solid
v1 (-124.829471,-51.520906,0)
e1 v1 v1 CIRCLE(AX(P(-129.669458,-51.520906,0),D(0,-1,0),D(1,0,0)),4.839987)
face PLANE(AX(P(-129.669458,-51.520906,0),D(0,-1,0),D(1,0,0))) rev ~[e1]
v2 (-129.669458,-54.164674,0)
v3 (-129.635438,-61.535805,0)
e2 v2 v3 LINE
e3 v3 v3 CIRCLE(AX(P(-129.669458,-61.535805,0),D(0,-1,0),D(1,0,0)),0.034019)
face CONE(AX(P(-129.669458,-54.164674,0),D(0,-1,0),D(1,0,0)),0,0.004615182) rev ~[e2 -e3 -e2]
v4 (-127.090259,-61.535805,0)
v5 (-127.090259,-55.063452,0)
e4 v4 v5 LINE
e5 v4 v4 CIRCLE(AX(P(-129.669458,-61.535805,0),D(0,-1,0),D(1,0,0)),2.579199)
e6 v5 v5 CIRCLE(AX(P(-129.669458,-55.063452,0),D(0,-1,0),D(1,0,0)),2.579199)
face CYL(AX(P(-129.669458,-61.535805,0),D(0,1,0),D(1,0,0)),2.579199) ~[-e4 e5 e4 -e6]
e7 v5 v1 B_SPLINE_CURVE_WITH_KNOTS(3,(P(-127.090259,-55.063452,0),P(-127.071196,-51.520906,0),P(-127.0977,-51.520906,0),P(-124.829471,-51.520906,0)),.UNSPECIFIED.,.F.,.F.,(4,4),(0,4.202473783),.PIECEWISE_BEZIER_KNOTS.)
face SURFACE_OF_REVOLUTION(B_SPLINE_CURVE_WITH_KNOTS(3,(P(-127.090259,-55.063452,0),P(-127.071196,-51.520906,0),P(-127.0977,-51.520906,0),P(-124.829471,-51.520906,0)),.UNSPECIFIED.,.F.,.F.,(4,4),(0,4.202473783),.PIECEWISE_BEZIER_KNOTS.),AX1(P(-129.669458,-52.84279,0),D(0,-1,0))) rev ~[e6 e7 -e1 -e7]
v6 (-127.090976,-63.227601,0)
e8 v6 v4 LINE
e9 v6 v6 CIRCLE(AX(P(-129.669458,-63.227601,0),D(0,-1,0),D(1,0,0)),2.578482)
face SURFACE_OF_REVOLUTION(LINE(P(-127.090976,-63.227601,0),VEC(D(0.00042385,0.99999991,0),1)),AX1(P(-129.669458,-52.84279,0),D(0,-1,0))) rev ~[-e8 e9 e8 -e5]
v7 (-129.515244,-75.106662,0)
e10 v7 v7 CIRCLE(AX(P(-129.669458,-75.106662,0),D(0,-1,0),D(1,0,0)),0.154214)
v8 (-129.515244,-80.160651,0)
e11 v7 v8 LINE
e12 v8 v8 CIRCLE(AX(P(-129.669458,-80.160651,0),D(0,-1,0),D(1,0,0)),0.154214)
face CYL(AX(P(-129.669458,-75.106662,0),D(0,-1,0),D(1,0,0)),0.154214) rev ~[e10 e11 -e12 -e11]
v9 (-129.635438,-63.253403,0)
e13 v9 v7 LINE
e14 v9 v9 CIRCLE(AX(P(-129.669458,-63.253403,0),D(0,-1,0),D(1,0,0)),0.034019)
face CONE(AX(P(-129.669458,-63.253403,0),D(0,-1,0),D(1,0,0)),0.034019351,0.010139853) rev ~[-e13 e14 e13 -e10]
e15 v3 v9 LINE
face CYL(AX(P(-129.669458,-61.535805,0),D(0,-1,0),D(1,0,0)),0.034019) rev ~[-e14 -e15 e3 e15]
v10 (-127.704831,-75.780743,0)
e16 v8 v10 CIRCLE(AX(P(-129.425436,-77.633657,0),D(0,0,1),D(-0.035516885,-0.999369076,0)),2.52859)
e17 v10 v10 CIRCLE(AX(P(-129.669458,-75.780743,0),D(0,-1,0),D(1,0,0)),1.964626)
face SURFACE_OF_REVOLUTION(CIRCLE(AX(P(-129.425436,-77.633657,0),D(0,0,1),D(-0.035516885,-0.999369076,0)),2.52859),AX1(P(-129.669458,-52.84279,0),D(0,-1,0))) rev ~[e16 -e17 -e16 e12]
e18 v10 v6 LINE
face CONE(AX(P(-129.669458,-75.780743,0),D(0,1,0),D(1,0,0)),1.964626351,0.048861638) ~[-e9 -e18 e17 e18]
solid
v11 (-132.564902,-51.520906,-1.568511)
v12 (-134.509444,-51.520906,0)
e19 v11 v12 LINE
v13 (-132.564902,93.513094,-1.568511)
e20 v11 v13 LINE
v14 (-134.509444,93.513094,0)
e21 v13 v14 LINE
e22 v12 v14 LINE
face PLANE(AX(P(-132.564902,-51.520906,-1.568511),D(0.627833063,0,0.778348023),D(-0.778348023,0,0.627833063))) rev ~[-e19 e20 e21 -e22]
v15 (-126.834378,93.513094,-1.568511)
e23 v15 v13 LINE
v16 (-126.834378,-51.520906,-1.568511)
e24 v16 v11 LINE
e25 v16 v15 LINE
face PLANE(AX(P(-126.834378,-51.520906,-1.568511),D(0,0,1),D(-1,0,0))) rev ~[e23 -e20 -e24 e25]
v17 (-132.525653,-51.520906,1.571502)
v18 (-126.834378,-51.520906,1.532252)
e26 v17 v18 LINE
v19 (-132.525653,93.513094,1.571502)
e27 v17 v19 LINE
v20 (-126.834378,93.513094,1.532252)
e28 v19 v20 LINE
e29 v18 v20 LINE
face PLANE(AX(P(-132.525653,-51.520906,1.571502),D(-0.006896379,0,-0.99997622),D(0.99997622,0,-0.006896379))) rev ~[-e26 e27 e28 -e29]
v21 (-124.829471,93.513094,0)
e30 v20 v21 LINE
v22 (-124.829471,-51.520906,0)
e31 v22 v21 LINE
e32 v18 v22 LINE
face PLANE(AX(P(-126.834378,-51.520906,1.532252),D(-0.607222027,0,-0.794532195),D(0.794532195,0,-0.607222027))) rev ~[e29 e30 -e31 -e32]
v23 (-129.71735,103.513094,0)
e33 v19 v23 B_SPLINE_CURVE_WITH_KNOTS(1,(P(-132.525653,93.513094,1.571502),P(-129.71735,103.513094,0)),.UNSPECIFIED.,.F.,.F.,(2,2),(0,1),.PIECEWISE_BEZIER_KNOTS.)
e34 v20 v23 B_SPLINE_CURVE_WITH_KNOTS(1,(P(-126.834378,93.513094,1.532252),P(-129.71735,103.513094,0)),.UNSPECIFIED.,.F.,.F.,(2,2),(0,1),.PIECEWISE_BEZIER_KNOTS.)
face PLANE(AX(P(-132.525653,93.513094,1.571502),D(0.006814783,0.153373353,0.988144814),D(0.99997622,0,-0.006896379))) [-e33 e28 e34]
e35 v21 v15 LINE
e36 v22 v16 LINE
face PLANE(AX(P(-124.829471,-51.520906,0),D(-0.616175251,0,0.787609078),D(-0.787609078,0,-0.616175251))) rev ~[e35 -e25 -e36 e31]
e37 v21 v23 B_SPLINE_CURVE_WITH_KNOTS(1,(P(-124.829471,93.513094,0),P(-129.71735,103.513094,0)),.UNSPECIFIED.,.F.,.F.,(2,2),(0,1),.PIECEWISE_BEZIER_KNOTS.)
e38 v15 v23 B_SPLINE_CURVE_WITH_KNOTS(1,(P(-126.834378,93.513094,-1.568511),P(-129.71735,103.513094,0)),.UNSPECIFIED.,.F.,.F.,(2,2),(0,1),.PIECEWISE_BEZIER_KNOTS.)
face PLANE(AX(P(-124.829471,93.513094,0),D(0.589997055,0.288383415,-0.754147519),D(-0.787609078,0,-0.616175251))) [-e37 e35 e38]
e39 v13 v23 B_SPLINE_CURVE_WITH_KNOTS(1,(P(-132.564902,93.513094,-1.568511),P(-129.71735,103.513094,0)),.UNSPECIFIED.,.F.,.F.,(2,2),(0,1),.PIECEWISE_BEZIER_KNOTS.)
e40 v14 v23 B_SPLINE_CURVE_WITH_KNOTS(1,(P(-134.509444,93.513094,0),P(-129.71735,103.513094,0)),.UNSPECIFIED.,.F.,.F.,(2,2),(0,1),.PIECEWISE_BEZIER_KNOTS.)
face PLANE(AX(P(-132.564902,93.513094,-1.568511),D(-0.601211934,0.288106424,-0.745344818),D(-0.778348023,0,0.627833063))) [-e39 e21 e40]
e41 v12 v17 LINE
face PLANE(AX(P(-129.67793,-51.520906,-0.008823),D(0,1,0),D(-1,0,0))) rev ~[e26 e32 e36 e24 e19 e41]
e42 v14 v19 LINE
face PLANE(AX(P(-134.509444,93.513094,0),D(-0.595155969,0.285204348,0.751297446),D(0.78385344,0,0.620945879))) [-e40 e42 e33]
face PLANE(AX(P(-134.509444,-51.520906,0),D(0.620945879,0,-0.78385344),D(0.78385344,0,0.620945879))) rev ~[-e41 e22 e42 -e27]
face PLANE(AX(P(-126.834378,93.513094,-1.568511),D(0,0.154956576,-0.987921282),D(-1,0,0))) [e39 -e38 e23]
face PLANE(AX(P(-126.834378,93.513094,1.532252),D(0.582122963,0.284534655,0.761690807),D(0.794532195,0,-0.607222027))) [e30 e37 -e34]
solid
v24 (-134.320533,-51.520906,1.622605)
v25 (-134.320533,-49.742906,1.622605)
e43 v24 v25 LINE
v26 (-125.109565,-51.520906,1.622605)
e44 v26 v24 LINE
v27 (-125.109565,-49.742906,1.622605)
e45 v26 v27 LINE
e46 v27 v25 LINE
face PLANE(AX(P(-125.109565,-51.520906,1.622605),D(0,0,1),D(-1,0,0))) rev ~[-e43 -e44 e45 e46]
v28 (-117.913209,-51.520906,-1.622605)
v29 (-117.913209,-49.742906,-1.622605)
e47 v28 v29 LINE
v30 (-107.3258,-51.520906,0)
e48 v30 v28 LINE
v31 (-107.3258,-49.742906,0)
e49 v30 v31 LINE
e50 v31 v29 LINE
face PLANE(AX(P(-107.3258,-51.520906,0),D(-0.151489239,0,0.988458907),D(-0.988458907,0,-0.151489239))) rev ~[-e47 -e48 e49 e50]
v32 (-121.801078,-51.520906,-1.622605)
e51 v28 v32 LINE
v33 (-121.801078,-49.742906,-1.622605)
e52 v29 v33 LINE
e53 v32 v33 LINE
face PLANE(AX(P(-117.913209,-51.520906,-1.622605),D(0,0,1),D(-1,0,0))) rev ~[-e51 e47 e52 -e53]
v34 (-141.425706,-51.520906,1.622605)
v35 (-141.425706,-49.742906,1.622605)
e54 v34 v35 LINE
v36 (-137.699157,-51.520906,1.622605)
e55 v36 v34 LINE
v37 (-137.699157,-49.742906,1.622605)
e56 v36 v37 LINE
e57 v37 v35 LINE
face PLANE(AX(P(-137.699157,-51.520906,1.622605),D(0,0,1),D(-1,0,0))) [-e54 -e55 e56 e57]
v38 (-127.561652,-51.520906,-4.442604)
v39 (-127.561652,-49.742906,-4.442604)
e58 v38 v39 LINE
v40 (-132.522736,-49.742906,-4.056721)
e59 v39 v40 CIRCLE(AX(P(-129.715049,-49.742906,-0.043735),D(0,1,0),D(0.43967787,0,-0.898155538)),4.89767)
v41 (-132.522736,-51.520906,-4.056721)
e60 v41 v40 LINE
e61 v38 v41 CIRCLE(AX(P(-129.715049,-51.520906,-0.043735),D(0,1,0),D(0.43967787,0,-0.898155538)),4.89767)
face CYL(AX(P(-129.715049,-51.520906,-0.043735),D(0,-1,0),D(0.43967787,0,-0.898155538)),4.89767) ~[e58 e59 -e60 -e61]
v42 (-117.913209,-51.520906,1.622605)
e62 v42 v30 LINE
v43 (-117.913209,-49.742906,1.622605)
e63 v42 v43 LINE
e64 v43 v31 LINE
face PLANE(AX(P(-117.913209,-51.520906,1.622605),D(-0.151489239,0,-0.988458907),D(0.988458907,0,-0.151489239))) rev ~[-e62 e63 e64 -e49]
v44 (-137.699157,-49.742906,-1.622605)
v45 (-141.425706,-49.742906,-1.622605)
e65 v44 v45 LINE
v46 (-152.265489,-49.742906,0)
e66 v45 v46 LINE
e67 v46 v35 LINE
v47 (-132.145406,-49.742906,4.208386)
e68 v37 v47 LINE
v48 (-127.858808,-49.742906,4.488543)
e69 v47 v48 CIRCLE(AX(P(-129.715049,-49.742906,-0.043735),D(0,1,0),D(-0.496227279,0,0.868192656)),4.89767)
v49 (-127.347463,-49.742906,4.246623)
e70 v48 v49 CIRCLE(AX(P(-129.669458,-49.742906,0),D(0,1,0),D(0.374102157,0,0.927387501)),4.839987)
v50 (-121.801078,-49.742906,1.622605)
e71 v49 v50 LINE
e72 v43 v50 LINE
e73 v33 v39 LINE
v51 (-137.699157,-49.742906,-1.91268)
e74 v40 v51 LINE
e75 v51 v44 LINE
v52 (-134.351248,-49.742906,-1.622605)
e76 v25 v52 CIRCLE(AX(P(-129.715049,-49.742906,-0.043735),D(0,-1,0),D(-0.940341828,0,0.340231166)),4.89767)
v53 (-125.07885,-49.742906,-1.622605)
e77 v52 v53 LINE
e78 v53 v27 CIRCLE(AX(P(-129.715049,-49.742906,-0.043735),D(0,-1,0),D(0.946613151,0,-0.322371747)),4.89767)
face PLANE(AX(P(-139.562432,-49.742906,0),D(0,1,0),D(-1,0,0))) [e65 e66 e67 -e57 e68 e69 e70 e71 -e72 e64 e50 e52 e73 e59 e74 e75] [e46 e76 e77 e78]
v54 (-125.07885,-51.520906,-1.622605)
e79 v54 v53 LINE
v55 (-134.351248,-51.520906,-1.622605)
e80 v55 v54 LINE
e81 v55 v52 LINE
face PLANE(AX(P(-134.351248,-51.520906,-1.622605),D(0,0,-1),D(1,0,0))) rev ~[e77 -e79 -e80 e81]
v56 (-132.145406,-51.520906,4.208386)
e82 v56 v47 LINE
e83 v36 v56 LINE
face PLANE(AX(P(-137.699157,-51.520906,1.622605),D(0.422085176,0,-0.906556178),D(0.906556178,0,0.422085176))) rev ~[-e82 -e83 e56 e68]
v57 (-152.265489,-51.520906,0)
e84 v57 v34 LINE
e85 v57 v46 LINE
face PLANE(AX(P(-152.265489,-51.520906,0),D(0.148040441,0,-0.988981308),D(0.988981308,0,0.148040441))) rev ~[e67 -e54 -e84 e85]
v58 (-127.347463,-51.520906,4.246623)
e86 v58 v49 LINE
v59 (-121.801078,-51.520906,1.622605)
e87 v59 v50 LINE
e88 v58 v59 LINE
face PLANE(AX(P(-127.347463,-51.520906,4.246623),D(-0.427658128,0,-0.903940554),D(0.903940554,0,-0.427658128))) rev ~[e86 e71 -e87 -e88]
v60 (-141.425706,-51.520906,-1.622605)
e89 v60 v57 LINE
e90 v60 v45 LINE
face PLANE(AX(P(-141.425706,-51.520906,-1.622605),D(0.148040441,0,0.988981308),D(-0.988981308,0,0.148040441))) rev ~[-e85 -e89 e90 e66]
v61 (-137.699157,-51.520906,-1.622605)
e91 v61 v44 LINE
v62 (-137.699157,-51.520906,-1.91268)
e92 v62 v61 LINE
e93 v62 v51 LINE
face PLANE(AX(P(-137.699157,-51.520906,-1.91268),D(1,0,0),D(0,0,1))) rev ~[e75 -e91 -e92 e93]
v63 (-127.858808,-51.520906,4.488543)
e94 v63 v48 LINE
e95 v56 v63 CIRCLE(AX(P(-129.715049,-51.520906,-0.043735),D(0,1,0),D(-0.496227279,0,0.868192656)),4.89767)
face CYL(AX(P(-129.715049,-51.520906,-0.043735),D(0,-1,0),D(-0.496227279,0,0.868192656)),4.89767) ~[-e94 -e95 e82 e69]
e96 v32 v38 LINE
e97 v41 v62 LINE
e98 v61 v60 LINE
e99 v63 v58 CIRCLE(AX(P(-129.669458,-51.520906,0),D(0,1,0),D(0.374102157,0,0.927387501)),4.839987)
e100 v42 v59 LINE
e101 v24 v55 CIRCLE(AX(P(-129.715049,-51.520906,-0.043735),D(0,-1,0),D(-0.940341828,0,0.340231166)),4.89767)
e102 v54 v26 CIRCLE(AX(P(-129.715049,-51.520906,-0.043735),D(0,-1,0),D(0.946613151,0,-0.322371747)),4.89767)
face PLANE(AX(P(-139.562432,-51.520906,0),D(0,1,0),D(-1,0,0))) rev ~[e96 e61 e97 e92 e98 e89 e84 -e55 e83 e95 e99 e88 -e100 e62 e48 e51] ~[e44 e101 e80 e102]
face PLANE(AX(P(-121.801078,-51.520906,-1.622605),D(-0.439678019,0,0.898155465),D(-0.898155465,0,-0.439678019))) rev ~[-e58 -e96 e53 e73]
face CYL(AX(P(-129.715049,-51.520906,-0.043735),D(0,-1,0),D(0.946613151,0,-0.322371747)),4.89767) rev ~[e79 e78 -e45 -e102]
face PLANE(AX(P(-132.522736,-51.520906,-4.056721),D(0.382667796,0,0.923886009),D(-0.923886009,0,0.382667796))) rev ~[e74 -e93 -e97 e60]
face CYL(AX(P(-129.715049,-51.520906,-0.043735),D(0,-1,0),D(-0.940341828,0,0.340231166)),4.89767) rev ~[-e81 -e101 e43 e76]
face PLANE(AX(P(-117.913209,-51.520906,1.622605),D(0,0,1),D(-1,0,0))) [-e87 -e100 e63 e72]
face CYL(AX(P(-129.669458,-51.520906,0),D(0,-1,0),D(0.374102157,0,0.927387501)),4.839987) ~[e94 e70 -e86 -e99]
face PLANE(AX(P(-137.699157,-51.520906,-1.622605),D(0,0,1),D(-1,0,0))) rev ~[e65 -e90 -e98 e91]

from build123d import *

# Parameters (mm, degrees)
F2_W     = 3.7265494466
F2_H     = 3.2452103915
F2_W_2   = 3.8878694177
F3_DEPTH = 1.778
F5_DEPTH = 145.034


with BuildPart() as f1:
    # F0 (on Top) → F1 (revolve)
    with BuildSketch(Plane.XY):
        with BuildLine():
            Line((-127.0902585749, -61.5358054638), (-127.0902585749, -55.0634515109))
            add(Edge.make_bspline(
                [(-129.669457674, -54.1646741331), (-128.2850205898, -54.2526878417), (-127.9523950581, -54.2903457406), (-127.0902585749, -55.0634515109)],
                knots=[0, 0, 0, 0, 2.7313126456, 2.7313126456, 2.7313126456, 2.7313126456], degree=3))
            Line((-129.669457674, -54.1646741331), (-129.635438323, -61.5358054638))
            Line((-129.635438323, -61.5358054638), (-127.0902585749, -61.5358054638))
        make_face()
        with BuildLine():
            add(Edge.make_bspline(
                [(-129.669457674, -54.1646741331), (-128.2850205898, -54.2526878417), (-127.9523950581, -54.2903457406), (-127.0902585749, -55.0634515109)],
                knots=[0, 0, 0, 0, 2.7313126456, 2.7313126456, 2.7313126456, 2.7313126456], degree=3))
            add(Edge.make_bspline(
                [(-127.0902585749, -55.0634515109), (-127.0711956695, -51.5209063888), (-127.0976996838, -51.5209063888), (-124.8294711113, -51.5209063888)],
                knots=[0, 0, 0, 0, 4.2024737832, 4.2024737832, 4.2024737832, 4.2024737832], degree=3))
            Line((-124.8294711113, -51.5209063888), (-129.669457674, -51.5209063888))
            Line((-129.669457674, -51.5209063888), (-129.669457674, -54.1646741331))
        make_face()
        Polygon((-127.0909756422, -63.2276013494), (-127.0902585749, -61.5358054638), (-129.635438323, -61.5358054638), (-129.635438323, -63.25340271), align=None)
        with BuildLine():
            Line((-127.7048313232, -75.7807434323), (-127.0909756422, -63.2276013494))
            Line((-127.0909756422, -63.2276013494), (-129.635438323, -63.25340271))
            Line((-129.635438323, -63.25340271), (-129.5152439055, -75.1066617071))
            ThreePointArc((-129.5152439055, -75.1066617071), (-128.5431259435, -75.263994789), (-127.7048313232, -75.7807434323))
        make_face()
        with BuildLine():
            ThreePointArc((-129.5152439055, -80.1606514156), (-127.0886064754, -78.5995732103), (-127.7048313232, -75.7807434323))
            ThreePointArc((-127.7048313232, -75.7807434323), (-128.5431259435, -75.263994789), (-129.5152439055, -75.1066617071))
            Line((-129.5152439055, -75.1066617071), (-129.5152439055, -80.1606514156))
        make_face()
    revolve(axis=Axis((-129.669457674, -52.8427902609, 0), (0, -1, 0)))


with BuildPart() as f3:
    # F2 (on face) → F3 (new body)
    with BuildSketch(Plane(origin=(0, -51.5209063888, 0), x_dir=(-1, 0, 0), z_dir=(0, 1, 0))):
        with Locations((139.5624317229, 0)):
            Rectangle(F2_W, F2_H)
        Polygon((152.2654891014, 0), (141.4257064462, 1.6226051957), (141.4257064462, -1.6226051957), align=None)
        with BuildLine():
            Line((137.6991569996, -1.6226051957), (137.6991569996, 1.6226051957))
            Line((137.6991569996, 1.6226051957), (134.3205327463, 1.6226051957))
            ThreePointArc((134.3205327463, 1.6226051957), (134.6124994318, 0.0026180172), (134.3512476145, -1.6226051957))
            Line((134.3512476145, -1.6226051957), (137.6991569996, -1.6226051957))
        make_face()
        with BuildLine():
            Line((134.3205327463, 1.6226051957), (137.6991569996, 1.6226051957))
            Line((137.6991569996, 1.6226051957), (132.1454062558, 4.2083863288))
            ThreePointArc((132.1454062558, 4.2083863288), (133.4630258653, 3.1090162755), (134.3205327463, 1.6226051957))
        make_face()
        with BuildLine():
            Line((125.1095648786, 1.6226051957), (134.3205327463, 1.6226051957))
            ThreePointArc((134.3205327463, 1.6226051957), (133.4630258653, 3.1090162755), (132.1454062558, 4.2083863288))
            ThreePointArc((132.1454062558, 4.2083863288), (130.034461551, 4.8435084859), (127.8588082619, 4.4885430413))
            Line((127.8588082619, 4.4885430413), (127.3474626864, 4.2466232709))
            ThreePointArc((127.3474626864, 4.2466232709), (125.9868685604, 3.1407017286), (125.1095648786, 1.6226051957))
        make_face()
        with BuildLine():
            Line((137.6991569996, -1.9126803963), (137.6991569996, -1.6226051957))
            Line((137.6991569996, -1.6226051957), (134.3512476145, -1.6226051957))
            ThreePointArc((134.3512476145, -1.6226051957), (133.6309256802, -2.9853464903), (132.5227364323, -4.0567213621))
            Line((132.5227364323, -4.0567213621), (137.6991569996, -1.9126803963))
        make_face()
        with BuildLine():
            ThreePointArc((125.0788500104, -1.6226051957), (124.8175981931, 0.0026180172), (125.1095648786, 1.6226051957))
            Line((125.1095648786, 1.6226051957), (121.8010783195, 1.6226051957))
            Line((121.8010783195, 1.6226051957), (121.8010783195, -1.6226051957))
            Line((121.8010783195, -1.6226051957), (125.0788500104, -1.6226051957))
        make_face()
        with BuildLine():
            Line((121.8010783195, 1.6226051957), (125.1095648786, 1.6226051957))
            ThreePointArc((125.1095648786, 1.6226051957), (125.9868685604, 3.1407017286), (127.3474626864, 4.2466232709))
            Line((127.3474626864, 4.2466232709), (121.8010783195, 1.6226051957))
        make_face()
        with BuildLine():
            ThreePointArc((132.5227364323, -4.0567213621), (133.6309256802, -2.9853464903), (134.3512476145, -1.6226051957))
            Line((134.3512476145, -1.6226051957), (125.0788500104, -1.6226051957))
            ThreePointArc((125.0788500104, -1.6226051957), (126.0390793221, -3.2801555498), (127.5616517136, -4.442604181))
            ThreePointArc((127.5616517136, -4.442604181), (130.0948519311, -4.9266561038), (132.5227364323, -4.0567213621))
        make_face()
        with BuildLine():
            Line((127.3474626864, 4.2466232709), (127.8588082619, 4.4885430413))
            ThreePointArc((127.8588082619, 4.4885430413), (127.5995980828, 4.3750601367), (127.3474626864, 4.2466232709))
        make_face()
        with Locations((119.8571436107, 0)):
            Rectangle(F2_W_2, F2_H)
        with BuildLine():
            ThreePointArc((127.5616517136, -4.442604181), (126.0390793221, -3.2801555498), (125.0788500104, -1.6226051957))
            Line((125.0788500104, -1.6226051957), (121.8010783195, -1.6226051957))
            Line((121.8010783195, -1.6226051957), (127.5616517136, -4.442604181))
        make_face()
        Polygon((117.9132089019, -1.6226051957), (117.9132089019, 1.6226051957), (107.3257997632, 0), align=None)
    extrude(amount=F3_DEPTH)


with BuildPart() as f5:
    # F4 (on face) → F5 (new body)
    with BuildSketch(Plane(origin=(0, -51.5209063888, 0), x_dir=(-1, 0, 0), z_dir=(0, 1, 0))):
        Polygon((126.8343776464, 1.5322518302), (124.8294711113, 0), (126.8343776464, -1.5685113613), (132.5649023056, -1.5685113613), (134.5094442368, 0), (132.525652647, 1.5715019545), align=None)
    extrude(amount=F5_DEPTH)

    # F5_face (on face) → F9 section 0
    with BuildSketch(Plane(origin=(-129.6889331914, 93.5130936112, -0.00891164), x_dir=(-1, 0, 0), z_dir=(0, 1, 0)), mode=Mode.PRIVATE) as f9_s0:
        Polygon((-2.8545555449, 1.5411634702), (-4.8594620801, 0.00891164), (-2.8545555449, -1.5595997212), (2.8759691142, -1.5595997212), (4.8205110454, 0.00891164), (2.8367194556, 1.5804135945), align=None)
    loft([f9_s0.sketch, Vertex(-129.7173500061, 103.5130936112, 0)])


solid = Compound([f1.part, f3.part, f5.part])
